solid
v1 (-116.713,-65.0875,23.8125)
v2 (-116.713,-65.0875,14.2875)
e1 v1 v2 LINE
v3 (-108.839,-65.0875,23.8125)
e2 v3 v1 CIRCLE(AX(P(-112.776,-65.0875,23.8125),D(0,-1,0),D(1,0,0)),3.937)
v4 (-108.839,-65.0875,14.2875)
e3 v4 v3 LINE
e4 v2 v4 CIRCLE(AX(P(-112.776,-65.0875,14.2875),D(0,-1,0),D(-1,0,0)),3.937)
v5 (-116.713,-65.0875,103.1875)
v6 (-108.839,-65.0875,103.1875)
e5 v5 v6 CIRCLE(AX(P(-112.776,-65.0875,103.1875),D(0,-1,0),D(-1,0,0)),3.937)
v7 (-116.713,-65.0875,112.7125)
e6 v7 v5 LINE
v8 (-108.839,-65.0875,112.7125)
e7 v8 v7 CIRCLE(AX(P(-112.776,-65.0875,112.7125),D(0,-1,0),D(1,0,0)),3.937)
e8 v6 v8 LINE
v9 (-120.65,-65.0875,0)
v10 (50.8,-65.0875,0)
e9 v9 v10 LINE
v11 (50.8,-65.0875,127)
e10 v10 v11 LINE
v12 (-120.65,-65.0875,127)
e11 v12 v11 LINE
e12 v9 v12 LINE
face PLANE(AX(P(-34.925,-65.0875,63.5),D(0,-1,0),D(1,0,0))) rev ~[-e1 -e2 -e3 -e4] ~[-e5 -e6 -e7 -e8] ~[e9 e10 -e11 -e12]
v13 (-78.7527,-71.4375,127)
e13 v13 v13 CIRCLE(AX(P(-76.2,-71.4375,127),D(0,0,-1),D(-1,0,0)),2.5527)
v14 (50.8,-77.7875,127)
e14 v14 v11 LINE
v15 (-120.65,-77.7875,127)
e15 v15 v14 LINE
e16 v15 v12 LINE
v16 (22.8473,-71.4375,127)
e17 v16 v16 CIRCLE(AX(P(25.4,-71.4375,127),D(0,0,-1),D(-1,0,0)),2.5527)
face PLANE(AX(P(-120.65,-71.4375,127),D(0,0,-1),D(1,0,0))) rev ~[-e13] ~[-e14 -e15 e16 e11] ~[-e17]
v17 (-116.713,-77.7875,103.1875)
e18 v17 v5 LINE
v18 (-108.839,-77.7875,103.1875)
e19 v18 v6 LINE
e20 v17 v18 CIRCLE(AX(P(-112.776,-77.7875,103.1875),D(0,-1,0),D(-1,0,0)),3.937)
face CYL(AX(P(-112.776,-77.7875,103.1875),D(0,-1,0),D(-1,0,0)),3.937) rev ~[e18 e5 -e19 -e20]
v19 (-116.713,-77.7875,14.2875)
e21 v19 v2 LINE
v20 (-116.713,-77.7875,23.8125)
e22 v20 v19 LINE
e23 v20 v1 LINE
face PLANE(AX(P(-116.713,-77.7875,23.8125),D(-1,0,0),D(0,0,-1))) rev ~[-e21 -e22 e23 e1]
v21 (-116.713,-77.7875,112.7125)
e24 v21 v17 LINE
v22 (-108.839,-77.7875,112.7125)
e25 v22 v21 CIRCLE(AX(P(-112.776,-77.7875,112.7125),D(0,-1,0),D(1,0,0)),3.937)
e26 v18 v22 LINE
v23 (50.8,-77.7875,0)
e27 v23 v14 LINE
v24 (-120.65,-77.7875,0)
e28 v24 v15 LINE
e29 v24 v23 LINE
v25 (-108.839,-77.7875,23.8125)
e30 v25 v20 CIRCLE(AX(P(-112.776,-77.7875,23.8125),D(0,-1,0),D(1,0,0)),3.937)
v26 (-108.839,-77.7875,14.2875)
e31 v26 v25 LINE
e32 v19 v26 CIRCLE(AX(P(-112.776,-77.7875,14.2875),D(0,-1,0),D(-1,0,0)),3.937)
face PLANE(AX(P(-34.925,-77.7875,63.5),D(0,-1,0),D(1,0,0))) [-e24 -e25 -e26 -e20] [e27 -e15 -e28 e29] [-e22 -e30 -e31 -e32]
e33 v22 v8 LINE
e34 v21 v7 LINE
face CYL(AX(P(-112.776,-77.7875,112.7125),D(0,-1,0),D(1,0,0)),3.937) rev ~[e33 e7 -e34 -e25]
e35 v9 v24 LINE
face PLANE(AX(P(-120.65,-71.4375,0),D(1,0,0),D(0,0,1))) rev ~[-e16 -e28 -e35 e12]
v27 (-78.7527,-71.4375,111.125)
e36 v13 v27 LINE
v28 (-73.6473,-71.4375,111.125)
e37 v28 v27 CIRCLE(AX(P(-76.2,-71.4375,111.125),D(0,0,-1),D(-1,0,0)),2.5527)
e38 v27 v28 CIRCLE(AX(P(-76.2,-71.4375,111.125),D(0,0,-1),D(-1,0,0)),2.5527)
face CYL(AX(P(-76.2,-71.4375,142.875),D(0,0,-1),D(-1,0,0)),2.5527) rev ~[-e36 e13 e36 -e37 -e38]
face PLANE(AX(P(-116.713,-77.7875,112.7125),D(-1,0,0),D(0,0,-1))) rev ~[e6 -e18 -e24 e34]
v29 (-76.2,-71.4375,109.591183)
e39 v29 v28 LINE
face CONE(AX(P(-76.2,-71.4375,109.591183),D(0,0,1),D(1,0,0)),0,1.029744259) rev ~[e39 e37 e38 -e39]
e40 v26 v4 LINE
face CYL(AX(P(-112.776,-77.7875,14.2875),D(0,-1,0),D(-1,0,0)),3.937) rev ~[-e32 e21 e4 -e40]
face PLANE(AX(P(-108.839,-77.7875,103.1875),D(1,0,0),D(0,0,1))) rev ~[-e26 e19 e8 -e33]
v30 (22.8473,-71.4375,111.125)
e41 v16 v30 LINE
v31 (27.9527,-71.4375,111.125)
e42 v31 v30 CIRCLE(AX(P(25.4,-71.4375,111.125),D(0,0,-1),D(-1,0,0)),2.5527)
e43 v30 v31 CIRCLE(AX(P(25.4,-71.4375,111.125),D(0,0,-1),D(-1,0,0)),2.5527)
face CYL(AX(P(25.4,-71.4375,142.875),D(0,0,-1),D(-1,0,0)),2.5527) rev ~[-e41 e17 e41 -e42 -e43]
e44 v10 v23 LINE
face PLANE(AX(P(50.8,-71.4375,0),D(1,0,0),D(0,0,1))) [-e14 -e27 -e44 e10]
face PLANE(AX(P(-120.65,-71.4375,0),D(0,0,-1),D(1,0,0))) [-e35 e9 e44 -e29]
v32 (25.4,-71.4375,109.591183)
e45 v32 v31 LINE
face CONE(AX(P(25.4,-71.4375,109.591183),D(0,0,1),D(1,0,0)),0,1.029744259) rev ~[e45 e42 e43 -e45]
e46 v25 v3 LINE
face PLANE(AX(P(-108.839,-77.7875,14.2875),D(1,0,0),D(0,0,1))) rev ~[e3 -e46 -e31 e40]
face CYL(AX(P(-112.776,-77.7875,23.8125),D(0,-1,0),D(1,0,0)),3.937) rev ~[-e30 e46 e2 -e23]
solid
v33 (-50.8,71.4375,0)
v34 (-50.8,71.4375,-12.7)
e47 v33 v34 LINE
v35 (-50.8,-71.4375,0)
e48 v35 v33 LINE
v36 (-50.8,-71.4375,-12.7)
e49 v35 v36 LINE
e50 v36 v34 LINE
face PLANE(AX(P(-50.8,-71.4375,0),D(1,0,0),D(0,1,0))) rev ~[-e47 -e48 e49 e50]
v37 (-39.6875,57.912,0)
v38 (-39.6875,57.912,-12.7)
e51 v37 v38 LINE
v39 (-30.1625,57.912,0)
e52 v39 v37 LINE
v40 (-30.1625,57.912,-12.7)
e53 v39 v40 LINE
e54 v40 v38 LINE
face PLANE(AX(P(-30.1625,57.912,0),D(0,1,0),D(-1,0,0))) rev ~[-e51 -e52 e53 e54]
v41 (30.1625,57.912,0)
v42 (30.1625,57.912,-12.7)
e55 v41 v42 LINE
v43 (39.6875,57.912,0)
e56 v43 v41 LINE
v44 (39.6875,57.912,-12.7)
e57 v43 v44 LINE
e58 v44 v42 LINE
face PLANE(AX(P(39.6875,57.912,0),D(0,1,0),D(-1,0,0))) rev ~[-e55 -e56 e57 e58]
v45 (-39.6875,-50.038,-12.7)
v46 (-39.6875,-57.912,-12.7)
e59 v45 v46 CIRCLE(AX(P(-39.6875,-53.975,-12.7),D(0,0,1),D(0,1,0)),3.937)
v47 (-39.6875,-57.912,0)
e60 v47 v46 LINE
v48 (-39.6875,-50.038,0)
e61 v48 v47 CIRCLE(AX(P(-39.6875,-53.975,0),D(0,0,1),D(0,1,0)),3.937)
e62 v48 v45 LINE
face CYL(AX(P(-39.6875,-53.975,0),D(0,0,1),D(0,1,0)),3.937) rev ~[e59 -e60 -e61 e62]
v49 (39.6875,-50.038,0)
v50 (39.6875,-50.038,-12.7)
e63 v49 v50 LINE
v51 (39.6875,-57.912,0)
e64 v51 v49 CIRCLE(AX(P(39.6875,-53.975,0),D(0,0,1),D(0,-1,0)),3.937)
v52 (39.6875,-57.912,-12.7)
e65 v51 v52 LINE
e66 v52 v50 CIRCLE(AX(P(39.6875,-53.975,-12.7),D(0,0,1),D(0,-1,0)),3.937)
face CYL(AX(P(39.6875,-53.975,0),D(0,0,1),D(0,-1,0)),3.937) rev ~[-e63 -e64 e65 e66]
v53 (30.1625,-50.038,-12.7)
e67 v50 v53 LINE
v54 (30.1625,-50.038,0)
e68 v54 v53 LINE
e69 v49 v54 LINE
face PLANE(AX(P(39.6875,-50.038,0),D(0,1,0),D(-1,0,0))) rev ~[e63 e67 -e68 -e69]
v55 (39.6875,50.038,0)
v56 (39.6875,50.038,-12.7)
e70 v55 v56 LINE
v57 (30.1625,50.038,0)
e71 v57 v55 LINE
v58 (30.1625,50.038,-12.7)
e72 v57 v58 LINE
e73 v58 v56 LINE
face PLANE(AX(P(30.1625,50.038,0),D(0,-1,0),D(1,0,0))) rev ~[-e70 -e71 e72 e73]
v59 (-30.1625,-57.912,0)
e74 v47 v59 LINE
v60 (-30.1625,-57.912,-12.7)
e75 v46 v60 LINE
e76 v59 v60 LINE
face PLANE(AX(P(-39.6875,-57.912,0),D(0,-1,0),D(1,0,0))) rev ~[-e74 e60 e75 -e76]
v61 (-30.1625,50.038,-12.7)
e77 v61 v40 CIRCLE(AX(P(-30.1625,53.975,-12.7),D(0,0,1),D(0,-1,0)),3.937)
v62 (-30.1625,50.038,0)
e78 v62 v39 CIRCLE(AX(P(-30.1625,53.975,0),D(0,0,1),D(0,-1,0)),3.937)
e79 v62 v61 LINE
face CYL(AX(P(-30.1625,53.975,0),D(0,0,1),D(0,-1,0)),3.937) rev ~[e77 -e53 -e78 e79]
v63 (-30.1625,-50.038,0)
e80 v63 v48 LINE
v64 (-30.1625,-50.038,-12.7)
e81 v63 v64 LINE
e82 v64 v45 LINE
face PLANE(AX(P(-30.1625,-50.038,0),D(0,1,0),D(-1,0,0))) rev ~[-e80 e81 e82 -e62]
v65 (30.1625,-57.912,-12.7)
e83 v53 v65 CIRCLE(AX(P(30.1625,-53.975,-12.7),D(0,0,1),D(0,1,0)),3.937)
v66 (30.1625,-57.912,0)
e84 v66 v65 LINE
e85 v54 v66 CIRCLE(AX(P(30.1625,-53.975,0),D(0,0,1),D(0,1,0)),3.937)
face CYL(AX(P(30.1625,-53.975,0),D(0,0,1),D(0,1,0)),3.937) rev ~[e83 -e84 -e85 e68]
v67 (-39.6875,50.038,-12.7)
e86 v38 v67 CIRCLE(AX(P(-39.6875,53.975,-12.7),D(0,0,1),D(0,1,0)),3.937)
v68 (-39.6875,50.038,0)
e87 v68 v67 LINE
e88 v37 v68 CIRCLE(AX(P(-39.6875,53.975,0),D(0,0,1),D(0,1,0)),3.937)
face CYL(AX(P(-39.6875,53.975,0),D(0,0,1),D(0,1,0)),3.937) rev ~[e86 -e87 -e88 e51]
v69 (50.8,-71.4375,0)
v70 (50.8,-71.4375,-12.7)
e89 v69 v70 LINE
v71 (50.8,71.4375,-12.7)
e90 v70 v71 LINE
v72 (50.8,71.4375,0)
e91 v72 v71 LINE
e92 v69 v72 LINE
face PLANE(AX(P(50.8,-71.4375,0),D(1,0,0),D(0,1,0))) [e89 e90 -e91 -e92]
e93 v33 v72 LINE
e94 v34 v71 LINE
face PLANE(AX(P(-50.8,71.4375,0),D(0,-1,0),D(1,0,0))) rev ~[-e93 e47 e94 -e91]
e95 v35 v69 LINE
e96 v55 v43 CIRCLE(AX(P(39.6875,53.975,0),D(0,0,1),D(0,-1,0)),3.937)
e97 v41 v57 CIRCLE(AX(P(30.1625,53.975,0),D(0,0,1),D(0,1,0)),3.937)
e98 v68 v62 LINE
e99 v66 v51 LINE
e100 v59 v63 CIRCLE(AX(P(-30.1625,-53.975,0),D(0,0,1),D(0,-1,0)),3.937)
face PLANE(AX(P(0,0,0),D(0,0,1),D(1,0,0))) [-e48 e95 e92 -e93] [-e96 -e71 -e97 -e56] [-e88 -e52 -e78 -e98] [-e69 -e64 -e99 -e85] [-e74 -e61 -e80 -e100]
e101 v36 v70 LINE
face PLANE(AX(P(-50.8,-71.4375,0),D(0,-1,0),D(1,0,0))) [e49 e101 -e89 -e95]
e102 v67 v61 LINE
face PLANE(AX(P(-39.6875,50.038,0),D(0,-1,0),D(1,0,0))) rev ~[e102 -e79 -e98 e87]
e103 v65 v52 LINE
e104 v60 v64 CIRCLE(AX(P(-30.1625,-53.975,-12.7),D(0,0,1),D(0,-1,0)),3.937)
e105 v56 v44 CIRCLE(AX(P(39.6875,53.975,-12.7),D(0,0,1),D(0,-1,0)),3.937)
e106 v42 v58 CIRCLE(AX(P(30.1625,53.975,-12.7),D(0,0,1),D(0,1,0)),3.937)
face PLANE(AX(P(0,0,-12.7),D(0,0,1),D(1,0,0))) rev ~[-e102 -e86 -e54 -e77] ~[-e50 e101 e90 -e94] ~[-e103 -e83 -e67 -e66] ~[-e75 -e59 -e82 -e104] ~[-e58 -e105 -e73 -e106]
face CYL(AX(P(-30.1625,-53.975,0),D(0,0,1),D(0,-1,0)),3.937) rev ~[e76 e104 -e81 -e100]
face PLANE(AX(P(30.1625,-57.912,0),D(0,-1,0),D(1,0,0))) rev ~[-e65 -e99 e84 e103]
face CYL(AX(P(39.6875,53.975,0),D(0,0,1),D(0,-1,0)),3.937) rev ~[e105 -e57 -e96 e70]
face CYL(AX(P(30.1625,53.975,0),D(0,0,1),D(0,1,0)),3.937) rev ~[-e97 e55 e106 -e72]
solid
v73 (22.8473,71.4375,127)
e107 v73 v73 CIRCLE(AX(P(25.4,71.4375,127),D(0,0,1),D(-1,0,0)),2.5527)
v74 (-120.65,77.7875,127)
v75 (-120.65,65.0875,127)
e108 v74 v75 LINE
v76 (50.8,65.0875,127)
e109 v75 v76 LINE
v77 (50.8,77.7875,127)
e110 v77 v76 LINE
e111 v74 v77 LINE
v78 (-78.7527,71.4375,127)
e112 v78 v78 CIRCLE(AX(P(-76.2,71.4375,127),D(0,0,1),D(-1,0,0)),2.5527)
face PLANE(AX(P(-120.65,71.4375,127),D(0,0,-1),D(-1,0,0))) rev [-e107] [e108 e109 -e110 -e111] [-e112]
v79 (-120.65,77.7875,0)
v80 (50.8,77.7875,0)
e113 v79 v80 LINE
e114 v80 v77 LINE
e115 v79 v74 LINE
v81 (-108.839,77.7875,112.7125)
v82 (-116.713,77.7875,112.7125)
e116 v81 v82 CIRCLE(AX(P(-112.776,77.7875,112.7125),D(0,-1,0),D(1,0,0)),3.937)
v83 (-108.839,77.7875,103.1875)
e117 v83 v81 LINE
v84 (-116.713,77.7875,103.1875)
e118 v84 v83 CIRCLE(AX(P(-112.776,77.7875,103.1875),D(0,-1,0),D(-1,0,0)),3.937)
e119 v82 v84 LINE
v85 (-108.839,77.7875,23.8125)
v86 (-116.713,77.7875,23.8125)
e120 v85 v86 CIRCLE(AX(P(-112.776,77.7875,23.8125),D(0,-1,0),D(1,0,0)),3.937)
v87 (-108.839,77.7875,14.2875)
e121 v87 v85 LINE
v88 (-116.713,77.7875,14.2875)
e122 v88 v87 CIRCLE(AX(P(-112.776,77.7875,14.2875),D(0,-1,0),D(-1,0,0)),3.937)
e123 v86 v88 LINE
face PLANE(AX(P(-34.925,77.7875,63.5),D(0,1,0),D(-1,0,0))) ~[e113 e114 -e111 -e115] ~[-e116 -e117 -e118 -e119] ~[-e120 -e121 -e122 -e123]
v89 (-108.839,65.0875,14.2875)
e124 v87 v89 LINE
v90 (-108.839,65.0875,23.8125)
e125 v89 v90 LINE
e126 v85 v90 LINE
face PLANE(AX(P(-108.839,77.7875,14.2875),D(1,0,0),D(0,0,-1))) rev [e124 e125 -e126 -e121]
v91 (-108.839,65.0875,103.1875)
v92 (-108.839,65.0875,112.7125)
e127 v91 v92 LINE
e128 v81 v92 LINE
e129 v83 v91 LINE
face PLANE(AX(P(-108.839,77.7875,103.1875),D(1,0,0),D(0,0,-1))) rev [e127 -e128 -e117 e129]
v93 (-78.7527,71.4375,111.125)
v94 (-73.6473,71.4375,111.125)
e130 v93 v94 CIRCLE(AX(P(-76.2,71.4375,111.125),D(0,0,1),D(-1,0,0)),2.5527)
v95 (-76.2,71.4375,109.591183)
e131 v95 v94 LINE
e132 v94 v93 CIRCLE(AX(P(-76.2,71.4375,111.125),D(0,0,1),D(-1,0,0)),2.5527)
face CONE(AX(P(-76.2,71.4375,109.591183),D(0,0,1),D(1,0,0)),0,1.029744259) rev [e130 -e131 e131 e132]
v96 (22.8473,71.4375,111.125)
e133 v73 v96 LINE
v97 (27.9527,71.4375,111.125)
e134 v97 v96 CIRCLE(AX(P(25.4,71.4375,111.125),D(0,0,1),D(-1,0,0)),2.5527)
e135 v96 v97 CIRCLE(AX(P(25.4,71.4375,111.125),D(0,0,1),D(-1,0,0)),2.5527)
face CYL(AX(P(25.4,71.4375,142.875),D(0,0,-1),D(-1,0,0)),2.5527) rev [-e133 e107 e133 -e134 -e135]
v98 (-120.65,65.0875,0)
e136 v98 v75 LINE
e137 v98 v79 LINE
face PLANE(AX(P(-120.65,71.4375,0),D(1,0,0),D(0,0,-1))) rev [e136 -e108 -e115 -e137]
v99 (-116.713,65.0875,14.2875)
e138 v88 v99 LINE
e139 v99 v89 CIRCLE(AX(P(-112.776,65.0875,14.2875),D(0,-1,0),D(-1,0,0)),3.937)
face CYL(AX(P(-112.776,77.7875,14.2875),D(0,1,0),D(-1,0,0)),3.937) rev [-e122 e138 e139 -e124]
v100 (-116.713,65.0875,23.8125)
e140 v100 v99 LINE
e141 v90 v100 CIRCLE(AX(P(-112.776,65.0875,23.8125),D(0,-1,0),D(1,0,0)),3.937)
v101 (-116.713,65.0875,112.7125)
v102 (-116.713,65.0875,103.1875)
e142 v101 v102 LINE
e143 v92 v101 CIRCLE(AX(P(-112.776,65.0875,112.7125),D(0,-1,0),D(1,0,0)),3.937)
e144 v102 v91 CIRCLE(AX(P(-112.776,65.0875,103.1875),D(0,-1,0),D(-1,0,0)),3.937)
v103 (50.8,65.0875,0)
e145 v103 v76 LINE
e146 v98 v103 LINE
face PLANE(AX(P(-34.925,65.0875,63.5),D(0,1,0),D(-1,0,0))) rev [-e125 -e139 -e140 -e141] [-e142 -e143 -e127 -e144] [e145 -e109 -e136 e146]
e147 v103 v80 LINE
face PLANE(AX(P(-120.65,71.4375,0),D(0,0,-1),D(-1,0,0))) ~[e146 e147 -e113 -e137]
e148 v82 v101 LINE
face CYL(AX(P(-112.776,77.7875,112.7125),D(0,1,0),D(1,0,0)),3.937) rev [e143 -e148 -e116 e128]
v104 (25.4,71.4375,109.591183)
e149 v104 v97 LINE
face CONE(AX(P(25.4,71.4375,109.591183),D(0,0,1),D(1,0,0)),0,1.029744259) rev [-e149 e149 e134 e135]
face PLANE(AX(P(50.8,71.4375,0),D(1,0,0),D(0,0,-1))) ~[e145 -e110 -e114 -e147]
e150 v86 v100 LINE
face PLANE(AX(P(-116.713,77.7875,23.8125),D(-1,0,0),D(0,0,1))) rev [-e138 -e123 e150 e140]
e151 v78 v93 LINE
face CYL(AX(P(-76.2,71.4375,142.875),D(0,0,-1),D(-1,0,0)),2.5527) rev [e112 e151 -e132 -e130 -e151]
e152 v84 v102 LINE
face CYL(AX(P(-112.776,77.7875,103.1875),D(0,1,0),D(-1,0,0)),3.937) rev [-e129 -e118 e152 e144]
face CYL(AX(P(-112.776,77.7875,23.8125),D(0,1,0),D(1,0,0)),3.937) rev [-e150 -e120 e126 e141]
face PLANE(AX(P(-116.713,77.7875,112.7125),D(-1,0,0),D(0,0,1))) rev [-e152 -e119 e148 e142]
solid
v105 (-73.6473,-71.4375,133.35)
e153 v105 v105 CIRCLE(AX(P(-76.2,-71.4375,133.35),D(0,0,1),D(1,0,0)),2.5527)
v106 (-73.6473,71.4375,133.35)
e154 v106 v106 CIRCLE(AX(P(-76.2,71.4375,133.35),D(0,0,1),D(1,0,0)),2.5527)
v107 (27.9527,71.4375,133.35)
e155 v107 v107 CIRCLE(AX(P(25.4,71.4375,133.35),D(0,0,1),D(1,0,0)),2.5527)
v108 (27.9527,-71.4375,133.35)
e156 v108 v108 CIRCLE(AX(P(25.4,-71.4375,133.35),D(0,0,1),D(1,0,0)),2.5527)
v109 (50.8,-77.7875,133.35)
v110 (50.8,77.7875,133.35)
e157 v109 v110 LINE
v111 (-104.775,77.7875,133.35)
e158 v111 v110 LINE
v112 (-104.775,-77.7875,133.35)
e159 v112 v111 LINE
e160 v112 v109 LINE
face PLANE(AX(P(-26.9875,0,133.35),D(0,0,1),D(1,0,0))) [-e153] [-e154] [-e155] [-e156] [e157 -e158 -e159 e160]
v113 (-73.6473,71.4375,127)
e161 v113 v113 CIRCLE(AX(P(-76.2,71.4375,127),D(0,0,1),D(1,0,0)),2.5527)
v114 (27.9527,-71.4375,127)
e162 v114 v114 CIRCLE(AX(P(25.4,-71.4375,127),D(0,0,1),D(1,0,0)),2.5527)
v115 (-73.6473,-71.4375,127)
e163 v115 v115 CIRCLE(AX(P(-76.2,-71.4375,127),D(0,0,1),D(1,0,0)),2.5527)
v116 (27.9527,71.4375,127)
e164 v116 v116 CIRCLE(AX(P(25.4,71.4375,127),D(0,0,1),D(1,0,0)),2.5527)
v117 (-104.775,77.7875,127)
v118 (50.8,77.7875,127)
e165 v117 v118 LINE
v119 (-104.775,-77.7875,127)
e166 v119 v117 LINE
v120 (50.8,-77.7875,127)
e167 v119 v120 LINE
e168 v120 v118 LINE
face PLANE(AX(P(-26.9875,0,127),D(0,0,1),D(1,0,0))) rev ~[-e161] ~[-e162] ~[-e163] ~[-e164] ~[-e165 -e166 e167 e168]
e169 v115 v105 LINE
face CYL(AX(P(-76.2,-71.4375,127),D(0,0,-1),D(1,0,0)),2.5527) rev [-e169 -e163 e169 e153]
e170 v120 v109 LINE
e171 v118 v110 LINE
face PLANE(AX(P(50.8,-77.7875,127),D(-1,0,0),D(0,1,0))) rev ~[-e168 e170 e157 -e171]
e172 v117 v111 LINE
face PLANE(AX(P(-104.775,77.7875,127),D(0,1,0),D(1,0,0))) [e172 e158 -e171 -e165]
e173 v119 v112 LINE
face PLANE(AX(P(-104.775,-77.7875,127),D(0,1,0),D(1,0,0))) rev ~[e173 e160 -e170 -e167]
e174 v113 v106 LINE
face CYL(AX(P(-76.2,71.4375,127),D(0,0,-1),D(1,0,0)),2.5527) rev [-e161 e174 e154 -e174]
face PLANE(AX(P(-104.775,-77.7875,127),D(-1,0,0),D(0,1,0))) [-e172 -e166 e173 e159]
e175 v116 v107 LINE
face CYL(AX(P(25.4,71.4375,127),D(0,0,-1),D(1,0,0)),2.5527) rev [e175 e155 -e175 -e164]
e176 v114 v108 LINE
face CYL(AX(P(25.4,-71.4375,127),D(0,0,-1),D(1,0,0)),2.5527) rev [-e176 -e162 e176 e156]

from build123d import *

# Parameters (mm, degrees)
F0_W      = 101.6
F0_H      = 142.875
F1_DEPTH  = 12.7
F3_DEPTH  = 12.701
F4_W      = 171.45
F4_H      = 127
F5_DEPTH  = 6.35
F7_DEPTH  = 149.226
F9_D      = 5.1054
F9_DEPTH  = 15.875
F9_TIP    = 1.5338169022
F11_W     = 155.575
F11_H     = 155.575
F11_R     = 2.5527
F12_DEPTH = 6.35


with BuildPart() as f1:
    # F0 (on Top) → F1 (new body)
    with BuildSketch(Plane.XY):
        Rectangle(F0_W, F0_H)
    extrude(amount=-F1_DEPTH)

    # F2 (on face) → F3 (cut, through all)
    with BuildSketch(Plane.XY):
        with BuildLine():
            ThreePointArc((-39.6875, -50.038), (-43.6245, -53.975), (-39.6875, -57.912))
            Line((-39.6875, -57.912), (-30.1625, -57.912))
            ThreePointArc((-30.1625, -57.912), (-26.2255, -53.975), (-30.1625, -50.038))
            Line((-30.1625, -50.038), (-39.6875, -50.038))
        make_face()
        with BuildLine():
            Line((30.1625, -57.912), (39.6875, -57.912))
            ThreePointArc((39.6875, -57.912), (43.6245, -53.975), (39.6875, -50.038))
            Line((39.6875, -50.038), (30.1625, -50.038))
            ThreePointArc((30.1625, -50.038), (26.2255, -53.975), (30.1625, -57.912))
        make_face()
        with BuildLine():
            ThreePointArc((-39.6875, 57.912), (-43.6245, 53.975), (-39.6875, 50.038))
            Line((-39.6875, 50.038), (-30.1625, 50.038))
            ThreePointArc((-30.1625, 50.038), (-26.2255, 53.975), (-30.1625, 57.912))
            Line((-30.1625, 57.912), (-39.6875, 57.912))
        make_face()
        with BuildLine():
            ThreePointArc((39.6875, 50.038), (43.6245, 53.975), (39.6875, 57.912))
            Line((39.6875, 57.912), (30.1625, 57.912))
            ThreePointArc((30.1625, 57.912), (26.2255, 53.975), (30.1625, 50.038))
            Line((30.1625, 50.038), (39.6875, 50.038))
        make_face()
    extrude(amount=-F3_DEPTH, mode=Mode.SUBTRACT)


with BuildPart() as f5:
    # F4 (on face) → F5 (new body, symmetric)
    with BuildSketch(Plane.XZ.offset(71.4375)):
        with Locations((-34.925, 63.5)):
            Rectangle(F4_W, F4_H)
    extrude(amount=F5_DEPTH, both=True)

    # F6 (on face) → F7 (cut, through all)
    with BuildSketch(Plane.XZ.offset(77.7875)):
        with BuildLine():
            ThreePointArc((-116.713, 103.1875), (-112.776, 99.2505), (-108.839, 103.1875))
            Line((-108.839, 103.1875), (-108.839, 112.7125))
            ThreePointArc((-108.839, 112.7125), (-112.776, 116.6495), (-116.713, 112.7125))
            Line((-116.713, 112.7125), (-116.713, 103.1875))
        make_face()
        with BuildLine():
            ThreePointArc((-116.713, 14.2875), (-112.776, 10.3505), (-108.839, 14.2875))
            Line((-108.839, 14.2875), (-108.839, 23.8125))
            ThreePointArc((-108.839, 23.8125), (-112.776, 27.7495), (-116.713, 23.8125))
            Line((-116.713, 23.8125), (-116.713, 14.2875))
        make_face()
    extrude(amount=-F7_DEPTH, mode=Mode.SUBTRACT)

    # F9
    with Locations(Plane.XY.offset(127)):
        with Locations((-76.2, -71.4375), (25.4, -71.4375)):
            Hole(F9_D / 2, depth=F9_DEPTH)
            with Locations((0, 0, -(F9_DEPTH + F9_TIP / 2))):  # 118° drill point
                Cone(0, F9_D / 2, F9_TIP, mode=Mode.SUBTRACT)


with BuildPart() as f10_1:
    # F10: instance of F5
    add(f5.part.mirror(Plane.XZ))


with BuildPart() as f12:
    # F11 (on face) → F12 (new body)
    with BuildSketch(Plane.XY.offset(127)):
        with Locations((-26.9875, 0)):
            Rectangle(F11_W, F11_H)
        with Locations((-76.2, -71.4375)):
            Circle(F11_R, mode=Mode.SUBTRACT)
        with Locations((25.4, -71.4375)):
            Circle(F11_R, mode=Mode.SUBTRACT)
        with Locations((-76.2, 71.4375)):
            Circle(F11_R, mode=Mode.SUBTRACT)
        with Locations((25.4, 71.4375)):
            Circle(F11_R, mode=Mode.SUBTRACT)
    extrude(amount=F12_DEPTH)


solid = Compound([f1.part, f5.part, f10_1.part, f12.part])
